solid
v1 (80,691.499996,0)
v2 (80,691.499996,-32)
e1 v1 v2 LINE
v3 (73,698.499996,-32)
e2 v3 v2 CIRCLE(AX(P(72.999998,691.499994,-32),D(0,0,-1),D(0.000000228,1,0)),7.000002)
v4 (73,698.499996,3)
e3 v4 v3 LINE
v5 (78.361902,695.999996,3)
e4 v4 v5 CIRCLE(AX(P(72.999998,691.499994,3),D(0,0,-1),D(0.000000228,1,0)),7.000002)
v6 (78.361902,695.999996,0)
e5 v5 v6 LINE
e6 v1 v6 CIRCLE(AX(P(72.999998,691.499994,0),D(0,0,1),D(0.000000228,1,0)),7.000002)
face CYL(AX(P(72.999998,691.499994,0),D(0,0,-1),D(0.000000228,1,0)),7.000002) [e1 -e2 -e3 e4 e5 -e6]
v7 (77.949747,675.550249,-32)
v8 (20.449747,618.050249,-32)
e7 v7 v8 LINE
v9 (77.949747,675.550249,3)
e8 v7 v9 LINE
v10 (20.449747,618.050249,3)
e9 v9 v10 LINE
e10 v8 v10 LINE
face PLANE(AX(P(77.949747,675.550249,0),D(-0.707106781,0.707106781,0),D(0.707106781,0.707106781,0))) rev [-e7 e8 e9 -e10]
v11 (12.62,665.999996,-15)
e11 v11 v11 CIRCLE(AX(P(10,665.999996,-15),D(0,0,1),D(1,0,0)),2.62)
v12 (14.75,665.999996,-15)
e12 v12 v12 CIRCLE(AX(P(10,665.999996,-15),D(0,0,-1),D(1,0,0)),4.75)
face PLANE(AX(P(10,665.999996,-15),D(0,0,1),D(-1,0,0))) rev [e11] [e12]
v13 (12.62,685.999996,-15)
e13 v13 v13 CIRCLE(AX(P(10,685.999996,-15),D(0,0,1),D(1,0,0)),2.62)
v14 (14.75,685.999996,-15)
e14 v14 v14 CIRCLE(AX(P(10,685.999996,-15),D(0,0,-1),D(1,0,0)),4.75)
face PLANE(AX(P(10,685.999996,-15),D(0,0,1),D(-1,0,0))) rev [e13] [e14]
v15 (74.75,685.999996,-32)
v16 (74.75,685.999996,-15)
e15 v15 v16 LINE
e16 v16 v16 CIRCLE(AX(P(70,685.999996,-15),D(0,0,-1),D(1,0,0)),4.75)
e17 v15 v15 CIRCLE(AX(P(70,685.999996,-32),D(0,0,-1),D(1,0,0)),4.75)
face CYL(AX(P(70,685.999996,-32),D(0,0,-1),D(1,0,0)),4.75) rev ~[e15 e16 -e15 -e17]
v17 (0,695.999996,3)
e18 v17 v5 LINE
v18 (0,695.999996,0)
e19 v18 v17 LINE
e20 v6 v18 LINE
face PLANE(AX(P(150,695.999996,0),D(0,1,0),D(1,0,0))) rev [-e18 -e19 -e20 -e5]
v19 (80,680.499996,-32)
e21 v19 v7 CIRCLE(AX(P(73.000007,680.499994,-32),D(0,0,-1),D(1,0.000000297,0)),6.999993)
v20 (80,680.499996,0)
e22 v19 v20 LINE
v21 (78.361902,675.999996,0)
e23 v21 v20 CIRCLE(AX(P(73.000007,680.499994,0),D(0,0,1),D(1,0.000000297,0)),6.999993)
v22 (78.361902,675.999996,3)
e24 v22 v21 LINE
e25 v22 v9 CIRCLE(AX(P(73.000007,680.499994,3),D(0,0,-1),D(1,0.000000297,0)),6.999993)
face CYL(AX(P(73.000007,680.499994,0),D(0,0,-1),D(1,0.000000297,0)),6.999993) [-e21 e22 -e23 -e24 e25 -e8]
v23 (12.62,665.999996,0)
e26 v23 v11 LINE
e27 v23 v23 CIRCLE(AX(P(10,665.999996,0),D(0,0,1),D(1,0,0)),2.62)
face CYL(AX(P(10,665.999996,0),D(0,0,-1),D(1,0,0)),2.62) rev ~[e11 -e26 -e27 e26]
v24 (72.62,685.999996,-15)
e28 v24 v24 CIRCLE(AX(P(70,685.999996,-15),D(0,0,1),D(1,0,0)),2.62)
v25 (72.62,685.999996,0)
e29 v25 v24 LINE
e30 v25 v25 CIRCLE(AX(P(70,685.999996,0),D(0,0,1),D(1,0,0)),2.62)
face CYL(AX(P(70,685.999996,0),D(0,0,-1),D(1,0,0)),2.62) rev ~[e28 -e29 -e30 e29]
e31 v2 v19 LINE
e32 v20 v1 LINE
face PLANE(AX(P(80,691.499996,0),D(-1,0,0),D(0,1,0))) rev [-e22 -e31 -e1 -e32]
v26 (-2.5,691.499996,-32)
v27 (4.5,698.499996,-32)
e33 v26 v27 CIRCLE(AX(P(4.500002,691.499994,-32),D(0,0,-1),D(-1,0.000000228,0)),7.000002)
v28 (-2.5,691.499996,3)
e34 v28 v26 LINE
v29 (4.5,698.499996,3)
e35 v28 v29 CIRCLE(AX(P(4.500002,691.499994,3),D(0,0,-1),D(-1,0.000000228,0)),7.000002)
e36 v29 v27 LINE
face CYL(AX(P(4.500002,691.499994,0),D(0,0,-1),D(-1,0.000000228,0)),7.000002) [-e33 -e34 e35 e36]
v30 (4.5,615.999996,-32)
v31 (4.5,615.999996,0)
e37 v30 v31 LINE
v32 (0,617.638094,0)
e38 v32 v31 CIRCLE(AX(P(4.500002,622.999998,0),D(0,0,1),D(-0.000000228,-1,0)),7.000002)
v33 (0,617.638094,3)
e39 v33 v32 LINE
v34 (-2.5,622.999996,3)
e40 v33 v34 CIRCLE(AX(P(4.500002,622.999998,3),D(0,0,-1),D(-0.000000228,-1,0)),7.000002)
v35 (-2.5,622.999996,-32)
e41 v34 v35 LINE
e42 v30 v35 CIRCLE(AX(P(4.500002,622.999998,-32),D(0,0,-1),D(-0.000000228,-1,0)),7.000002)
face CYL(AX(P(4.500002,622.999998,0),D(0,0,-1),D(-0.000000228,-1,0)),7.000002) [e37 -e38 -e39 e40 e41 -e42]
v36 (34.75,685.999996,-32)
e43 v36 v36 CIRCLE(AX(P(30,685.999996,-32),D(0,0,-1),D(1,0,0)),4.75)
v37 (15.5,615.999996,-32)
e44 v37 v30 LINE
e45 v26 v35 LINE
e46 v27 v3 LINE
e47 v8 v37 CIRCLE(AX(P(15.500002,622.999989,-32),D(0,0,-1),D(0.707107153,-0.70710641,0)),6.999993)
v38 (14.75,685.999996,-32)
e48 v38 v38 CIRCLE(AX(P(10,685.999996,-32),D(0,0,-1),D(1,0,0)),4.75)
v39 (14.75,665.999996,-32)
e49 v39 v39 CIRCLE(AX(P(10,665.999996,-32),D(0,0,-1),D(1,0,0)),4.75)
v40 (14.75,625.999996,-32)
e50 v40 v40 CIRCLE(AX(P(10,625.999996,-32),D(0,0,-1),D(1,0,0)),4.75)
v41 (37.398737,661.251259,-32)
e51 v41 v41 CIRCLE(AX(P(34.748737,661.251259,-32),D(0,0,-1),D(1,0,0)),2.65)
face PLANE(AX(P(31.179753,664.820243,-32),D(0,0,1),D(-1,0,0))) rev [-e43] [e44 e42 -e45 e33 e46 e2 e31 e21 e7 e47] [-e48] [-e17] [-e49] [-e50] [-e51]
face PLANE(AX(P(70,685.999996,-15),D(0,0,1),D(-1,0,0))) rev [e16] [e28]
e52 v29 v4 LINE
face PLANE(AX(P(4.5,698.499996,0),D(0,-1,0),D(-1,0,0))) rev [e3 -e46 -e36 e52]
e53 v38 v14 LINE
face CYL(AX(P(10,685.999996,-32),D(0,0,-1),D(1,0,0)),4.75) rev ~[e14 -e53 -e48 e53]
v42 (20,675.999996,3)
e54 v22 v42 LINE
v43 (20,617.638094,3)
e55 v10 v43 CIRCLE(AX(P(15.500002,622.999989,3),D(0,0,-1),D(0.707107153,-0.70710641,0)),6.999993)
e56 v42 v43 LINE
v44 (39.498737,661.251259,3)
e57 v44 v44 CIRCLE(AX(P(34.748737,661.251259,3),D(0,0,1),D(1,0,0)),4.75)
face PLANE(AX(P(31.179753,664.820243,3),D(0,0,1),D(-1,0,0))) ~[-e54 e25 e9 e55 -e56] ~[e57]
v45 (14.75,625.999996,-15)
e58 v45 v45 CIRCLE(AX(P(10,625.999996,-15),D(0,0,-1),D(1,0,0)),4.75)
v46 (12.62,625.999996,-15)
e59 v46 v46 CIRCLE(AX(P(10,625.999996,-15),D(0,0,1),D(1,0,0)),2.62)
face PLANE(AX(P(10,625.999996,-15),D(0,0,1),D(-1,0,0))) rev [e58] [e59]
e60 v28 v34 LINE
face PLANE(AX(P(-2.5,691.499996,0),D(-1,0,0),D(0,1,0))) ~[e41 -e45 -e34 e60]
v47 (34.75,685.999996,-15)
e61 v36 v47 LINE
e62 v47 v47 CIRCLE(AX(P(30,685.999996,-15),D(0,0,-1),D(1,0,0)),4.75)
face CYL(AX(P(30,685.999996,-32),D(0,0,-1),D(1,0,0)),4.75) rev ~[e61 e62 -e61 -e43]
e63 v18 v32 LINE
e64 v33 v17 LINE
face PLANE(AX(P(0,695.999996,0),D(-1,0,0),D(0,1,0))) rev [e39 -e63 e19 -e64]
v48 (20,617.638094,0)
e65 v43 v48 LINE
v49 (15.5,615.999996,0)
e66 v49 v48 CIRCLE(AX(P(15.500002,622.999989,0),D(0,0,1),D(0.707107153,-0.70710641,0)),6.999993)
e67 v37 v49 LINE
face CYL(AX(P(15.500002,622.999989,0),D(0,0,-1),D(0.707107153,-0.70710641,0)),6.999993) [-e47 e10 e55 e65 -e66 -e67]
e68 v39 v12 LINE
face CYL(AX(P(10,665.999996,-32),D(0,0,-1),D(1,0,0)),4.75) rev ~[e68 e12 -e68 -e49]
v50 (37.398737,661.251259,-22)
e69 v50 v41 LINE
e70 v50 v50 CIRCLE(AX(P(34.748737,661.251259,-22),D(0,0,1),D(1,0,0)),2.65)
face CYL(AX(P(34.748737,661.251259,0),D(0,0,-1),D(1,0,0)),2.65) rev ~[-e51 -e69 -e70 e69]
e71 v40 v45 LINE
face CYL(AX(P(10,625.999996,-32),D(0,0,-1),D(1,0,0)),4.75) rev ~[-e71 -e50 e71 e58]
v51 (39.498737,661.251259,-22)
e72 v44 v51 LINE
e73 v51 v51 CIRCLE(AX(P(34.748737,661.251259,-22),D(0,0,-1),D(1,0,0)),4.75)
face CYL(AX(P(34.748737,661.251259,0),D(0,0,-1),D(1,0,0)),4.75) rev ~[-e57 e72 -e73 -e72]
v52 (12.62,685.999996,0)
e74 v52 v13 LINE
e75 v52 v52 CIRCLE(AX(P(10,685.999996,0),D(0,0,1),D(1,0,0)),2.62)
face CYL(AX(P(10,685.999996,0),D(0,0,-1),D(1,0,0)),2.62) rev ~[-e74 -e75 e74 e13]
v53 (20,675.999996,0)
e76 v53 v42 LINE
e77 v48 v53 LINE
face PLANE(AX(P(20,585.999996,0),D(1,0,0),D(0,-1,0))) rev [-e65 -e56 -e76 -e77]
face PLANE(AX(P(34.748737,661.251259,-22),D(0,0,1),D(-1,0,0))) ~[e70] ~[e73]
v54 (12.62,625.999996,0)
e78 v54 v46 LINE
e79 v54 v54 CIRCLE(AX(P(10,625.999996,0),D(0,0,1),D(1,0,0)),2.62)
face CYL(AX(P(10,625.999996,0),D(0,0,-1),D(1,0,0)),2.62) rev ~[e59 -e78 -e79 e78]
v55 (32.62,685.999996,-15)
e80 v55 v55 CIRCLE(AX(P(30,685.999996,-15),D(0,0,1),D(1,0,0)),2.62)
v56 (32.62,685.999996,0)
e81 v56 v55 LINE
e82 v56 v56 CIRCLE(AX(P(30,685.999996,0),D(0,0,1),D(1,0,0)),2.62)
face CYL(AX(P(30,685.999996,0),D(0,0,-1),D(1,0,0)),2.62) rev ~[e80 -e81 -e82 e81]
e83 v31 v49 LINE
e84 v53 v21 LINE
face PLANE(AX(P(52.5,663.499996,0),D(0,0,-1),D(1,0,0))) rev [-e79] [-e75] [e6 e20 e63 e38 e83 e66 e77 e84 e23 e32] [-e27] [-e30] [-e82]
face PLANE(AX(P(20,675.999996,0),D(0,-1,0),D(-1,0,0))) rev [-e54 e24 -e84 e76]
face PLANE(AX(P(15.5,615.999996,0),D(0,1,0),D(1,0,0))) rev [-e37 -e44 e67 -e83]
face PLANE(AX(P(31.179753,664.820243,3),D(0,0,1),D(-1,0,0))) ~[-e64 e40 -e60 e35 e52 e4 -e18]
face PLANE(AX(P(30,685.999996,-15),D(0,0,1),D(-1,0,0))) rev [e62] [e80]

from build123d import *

# Parameters (mm, degrees)
SKETCH013_R          = 2.62
SKETCH013_R_2        = 2.65
PAD006_DEPTH         = 32
PAD006_DEPTH_BACK    = 3
SKETCH014_R          = 4.75
POCKET004_DEPTH      = 17
POCKET005_DEPTH      = 3.001
SKETCH109_R          = 4.75
POCKET055_DEPTH      = 22
POCKET055_DEPTH_BACK = 100


with BuildPart() as foot004:
    # Sketch013 → Pad006 (new body, two sides)
    with BuildSketch(Plane.XY) as pad006_sk:
        with BuildLine():
            Line((70, -5.5), (70, 5.5))
            ThreePointArc((70, 5.5), (69.467157, 8.178784), (67.949747, 10.449747))
            Line((67.949747, 10.449747), (10.449747, 67.949747))
            ThreePointArc((10.449747, 67.949747), (8.178784, 69.467157), (5.5, 70))
            Line((5.5, 70), (-5.5, 70))
            ThreePointArc((-5.5, 70), (-10.449747, 67.949747), (-12.5, 63))
            Line((-12.5, -5.5), (-12.5, 63))
            ThreePointArc((-12.5, -5.5), (-10.449747, -10.449747), (-5.5, -12.5))
            Line((-5.5, -12.5), (63, -12.5))
            ThreePointArc((63, -12.5), (67.949747, -10.449747), (70, -5.5))
        make_face()
        with Locations((20, 0)):
            Circle(SKETCH013_R, mode=Mode.SUBTRACT)
        with Locations((60, 0)):
            Circle(SKETCH013_R, mode=Mode.SUBTRACT)
        Circle(SKETCH013_R, mode=Mode.SUBTRACT)
        with Locations((0, 60)):
            Circle(SKETCH013_R, mode=Mode.SUBTRACT)
        with Locations((0, 20)):
            Circle(SKETCH013_R, mode=Mode.SUBTRACT)
        with Locations((24.748737, 24.748737)):
            Circle(SKETCH013_R_2, mode=Mode.SUBTRACT)
    extrude(amount=-PAD006_DEPTH)
    extrude(pad006_sk.sketch, amount=PAD006_DEPTH_BACK)

    # Sketch014 → Pocket004 (cut)
    with BuildSketch(Plane.XY.offset(-32)):
        with Locations((0, 60)):
            Circle(SKETCH014_R)
        Circle(SKETCH014_R)
        with Locations((20, 0)):
            Circle(SKETCH014_R)
        with Locations((60, 0)):
            Circle(SKETCH014_R)
        with Locations((0, 20)):
            Circle(SKETCH014_R)
    extrude(amount=POCKET004_DEPTH, mode=Mode.SUBTRACT)

    # Sketch016 → Pocket005 (cut, through all)
    with BuildSketch(Plane.XY):
        Polygon((10, 100), (10, 10), (140, 10), (140, -10), (-10, -10), (-10, 100), align=None)
    extrude(amount=POCKET005_DEPTH, mode=Mode.SUBTRACT)

    # Sketch109 → Pocket055 (cut, two sides)
    with BuildSketch(Plane.XY) as pocket055_sk:
        with Locations((24.748737, 24.748737)):
            Circle(SKETCH109_R)
    extrude(amount=-POCKET055_DEPTH, mode=Mode.SUBTRACT)
    extrude(pocket055_sk.sketch, amount=POCKET055_DEPTH_BACK, mode=Mode.SUBTRACT)


with BuildPart() as foot1:
    # Part__Mirroring: instance of Foot004
    add(foot004.part.mirror(Plane(origin=(38.75, -2e-06, -14.5), x_dir=(1, 0, 0), z_dir=(0, 1, 0))))


with BuildPart() as foot1_1:
    # Part__Mirroring placement: moved
    add(foot1.part.moved(Location((10, 686, 0))))


solid = foot1_1.part
